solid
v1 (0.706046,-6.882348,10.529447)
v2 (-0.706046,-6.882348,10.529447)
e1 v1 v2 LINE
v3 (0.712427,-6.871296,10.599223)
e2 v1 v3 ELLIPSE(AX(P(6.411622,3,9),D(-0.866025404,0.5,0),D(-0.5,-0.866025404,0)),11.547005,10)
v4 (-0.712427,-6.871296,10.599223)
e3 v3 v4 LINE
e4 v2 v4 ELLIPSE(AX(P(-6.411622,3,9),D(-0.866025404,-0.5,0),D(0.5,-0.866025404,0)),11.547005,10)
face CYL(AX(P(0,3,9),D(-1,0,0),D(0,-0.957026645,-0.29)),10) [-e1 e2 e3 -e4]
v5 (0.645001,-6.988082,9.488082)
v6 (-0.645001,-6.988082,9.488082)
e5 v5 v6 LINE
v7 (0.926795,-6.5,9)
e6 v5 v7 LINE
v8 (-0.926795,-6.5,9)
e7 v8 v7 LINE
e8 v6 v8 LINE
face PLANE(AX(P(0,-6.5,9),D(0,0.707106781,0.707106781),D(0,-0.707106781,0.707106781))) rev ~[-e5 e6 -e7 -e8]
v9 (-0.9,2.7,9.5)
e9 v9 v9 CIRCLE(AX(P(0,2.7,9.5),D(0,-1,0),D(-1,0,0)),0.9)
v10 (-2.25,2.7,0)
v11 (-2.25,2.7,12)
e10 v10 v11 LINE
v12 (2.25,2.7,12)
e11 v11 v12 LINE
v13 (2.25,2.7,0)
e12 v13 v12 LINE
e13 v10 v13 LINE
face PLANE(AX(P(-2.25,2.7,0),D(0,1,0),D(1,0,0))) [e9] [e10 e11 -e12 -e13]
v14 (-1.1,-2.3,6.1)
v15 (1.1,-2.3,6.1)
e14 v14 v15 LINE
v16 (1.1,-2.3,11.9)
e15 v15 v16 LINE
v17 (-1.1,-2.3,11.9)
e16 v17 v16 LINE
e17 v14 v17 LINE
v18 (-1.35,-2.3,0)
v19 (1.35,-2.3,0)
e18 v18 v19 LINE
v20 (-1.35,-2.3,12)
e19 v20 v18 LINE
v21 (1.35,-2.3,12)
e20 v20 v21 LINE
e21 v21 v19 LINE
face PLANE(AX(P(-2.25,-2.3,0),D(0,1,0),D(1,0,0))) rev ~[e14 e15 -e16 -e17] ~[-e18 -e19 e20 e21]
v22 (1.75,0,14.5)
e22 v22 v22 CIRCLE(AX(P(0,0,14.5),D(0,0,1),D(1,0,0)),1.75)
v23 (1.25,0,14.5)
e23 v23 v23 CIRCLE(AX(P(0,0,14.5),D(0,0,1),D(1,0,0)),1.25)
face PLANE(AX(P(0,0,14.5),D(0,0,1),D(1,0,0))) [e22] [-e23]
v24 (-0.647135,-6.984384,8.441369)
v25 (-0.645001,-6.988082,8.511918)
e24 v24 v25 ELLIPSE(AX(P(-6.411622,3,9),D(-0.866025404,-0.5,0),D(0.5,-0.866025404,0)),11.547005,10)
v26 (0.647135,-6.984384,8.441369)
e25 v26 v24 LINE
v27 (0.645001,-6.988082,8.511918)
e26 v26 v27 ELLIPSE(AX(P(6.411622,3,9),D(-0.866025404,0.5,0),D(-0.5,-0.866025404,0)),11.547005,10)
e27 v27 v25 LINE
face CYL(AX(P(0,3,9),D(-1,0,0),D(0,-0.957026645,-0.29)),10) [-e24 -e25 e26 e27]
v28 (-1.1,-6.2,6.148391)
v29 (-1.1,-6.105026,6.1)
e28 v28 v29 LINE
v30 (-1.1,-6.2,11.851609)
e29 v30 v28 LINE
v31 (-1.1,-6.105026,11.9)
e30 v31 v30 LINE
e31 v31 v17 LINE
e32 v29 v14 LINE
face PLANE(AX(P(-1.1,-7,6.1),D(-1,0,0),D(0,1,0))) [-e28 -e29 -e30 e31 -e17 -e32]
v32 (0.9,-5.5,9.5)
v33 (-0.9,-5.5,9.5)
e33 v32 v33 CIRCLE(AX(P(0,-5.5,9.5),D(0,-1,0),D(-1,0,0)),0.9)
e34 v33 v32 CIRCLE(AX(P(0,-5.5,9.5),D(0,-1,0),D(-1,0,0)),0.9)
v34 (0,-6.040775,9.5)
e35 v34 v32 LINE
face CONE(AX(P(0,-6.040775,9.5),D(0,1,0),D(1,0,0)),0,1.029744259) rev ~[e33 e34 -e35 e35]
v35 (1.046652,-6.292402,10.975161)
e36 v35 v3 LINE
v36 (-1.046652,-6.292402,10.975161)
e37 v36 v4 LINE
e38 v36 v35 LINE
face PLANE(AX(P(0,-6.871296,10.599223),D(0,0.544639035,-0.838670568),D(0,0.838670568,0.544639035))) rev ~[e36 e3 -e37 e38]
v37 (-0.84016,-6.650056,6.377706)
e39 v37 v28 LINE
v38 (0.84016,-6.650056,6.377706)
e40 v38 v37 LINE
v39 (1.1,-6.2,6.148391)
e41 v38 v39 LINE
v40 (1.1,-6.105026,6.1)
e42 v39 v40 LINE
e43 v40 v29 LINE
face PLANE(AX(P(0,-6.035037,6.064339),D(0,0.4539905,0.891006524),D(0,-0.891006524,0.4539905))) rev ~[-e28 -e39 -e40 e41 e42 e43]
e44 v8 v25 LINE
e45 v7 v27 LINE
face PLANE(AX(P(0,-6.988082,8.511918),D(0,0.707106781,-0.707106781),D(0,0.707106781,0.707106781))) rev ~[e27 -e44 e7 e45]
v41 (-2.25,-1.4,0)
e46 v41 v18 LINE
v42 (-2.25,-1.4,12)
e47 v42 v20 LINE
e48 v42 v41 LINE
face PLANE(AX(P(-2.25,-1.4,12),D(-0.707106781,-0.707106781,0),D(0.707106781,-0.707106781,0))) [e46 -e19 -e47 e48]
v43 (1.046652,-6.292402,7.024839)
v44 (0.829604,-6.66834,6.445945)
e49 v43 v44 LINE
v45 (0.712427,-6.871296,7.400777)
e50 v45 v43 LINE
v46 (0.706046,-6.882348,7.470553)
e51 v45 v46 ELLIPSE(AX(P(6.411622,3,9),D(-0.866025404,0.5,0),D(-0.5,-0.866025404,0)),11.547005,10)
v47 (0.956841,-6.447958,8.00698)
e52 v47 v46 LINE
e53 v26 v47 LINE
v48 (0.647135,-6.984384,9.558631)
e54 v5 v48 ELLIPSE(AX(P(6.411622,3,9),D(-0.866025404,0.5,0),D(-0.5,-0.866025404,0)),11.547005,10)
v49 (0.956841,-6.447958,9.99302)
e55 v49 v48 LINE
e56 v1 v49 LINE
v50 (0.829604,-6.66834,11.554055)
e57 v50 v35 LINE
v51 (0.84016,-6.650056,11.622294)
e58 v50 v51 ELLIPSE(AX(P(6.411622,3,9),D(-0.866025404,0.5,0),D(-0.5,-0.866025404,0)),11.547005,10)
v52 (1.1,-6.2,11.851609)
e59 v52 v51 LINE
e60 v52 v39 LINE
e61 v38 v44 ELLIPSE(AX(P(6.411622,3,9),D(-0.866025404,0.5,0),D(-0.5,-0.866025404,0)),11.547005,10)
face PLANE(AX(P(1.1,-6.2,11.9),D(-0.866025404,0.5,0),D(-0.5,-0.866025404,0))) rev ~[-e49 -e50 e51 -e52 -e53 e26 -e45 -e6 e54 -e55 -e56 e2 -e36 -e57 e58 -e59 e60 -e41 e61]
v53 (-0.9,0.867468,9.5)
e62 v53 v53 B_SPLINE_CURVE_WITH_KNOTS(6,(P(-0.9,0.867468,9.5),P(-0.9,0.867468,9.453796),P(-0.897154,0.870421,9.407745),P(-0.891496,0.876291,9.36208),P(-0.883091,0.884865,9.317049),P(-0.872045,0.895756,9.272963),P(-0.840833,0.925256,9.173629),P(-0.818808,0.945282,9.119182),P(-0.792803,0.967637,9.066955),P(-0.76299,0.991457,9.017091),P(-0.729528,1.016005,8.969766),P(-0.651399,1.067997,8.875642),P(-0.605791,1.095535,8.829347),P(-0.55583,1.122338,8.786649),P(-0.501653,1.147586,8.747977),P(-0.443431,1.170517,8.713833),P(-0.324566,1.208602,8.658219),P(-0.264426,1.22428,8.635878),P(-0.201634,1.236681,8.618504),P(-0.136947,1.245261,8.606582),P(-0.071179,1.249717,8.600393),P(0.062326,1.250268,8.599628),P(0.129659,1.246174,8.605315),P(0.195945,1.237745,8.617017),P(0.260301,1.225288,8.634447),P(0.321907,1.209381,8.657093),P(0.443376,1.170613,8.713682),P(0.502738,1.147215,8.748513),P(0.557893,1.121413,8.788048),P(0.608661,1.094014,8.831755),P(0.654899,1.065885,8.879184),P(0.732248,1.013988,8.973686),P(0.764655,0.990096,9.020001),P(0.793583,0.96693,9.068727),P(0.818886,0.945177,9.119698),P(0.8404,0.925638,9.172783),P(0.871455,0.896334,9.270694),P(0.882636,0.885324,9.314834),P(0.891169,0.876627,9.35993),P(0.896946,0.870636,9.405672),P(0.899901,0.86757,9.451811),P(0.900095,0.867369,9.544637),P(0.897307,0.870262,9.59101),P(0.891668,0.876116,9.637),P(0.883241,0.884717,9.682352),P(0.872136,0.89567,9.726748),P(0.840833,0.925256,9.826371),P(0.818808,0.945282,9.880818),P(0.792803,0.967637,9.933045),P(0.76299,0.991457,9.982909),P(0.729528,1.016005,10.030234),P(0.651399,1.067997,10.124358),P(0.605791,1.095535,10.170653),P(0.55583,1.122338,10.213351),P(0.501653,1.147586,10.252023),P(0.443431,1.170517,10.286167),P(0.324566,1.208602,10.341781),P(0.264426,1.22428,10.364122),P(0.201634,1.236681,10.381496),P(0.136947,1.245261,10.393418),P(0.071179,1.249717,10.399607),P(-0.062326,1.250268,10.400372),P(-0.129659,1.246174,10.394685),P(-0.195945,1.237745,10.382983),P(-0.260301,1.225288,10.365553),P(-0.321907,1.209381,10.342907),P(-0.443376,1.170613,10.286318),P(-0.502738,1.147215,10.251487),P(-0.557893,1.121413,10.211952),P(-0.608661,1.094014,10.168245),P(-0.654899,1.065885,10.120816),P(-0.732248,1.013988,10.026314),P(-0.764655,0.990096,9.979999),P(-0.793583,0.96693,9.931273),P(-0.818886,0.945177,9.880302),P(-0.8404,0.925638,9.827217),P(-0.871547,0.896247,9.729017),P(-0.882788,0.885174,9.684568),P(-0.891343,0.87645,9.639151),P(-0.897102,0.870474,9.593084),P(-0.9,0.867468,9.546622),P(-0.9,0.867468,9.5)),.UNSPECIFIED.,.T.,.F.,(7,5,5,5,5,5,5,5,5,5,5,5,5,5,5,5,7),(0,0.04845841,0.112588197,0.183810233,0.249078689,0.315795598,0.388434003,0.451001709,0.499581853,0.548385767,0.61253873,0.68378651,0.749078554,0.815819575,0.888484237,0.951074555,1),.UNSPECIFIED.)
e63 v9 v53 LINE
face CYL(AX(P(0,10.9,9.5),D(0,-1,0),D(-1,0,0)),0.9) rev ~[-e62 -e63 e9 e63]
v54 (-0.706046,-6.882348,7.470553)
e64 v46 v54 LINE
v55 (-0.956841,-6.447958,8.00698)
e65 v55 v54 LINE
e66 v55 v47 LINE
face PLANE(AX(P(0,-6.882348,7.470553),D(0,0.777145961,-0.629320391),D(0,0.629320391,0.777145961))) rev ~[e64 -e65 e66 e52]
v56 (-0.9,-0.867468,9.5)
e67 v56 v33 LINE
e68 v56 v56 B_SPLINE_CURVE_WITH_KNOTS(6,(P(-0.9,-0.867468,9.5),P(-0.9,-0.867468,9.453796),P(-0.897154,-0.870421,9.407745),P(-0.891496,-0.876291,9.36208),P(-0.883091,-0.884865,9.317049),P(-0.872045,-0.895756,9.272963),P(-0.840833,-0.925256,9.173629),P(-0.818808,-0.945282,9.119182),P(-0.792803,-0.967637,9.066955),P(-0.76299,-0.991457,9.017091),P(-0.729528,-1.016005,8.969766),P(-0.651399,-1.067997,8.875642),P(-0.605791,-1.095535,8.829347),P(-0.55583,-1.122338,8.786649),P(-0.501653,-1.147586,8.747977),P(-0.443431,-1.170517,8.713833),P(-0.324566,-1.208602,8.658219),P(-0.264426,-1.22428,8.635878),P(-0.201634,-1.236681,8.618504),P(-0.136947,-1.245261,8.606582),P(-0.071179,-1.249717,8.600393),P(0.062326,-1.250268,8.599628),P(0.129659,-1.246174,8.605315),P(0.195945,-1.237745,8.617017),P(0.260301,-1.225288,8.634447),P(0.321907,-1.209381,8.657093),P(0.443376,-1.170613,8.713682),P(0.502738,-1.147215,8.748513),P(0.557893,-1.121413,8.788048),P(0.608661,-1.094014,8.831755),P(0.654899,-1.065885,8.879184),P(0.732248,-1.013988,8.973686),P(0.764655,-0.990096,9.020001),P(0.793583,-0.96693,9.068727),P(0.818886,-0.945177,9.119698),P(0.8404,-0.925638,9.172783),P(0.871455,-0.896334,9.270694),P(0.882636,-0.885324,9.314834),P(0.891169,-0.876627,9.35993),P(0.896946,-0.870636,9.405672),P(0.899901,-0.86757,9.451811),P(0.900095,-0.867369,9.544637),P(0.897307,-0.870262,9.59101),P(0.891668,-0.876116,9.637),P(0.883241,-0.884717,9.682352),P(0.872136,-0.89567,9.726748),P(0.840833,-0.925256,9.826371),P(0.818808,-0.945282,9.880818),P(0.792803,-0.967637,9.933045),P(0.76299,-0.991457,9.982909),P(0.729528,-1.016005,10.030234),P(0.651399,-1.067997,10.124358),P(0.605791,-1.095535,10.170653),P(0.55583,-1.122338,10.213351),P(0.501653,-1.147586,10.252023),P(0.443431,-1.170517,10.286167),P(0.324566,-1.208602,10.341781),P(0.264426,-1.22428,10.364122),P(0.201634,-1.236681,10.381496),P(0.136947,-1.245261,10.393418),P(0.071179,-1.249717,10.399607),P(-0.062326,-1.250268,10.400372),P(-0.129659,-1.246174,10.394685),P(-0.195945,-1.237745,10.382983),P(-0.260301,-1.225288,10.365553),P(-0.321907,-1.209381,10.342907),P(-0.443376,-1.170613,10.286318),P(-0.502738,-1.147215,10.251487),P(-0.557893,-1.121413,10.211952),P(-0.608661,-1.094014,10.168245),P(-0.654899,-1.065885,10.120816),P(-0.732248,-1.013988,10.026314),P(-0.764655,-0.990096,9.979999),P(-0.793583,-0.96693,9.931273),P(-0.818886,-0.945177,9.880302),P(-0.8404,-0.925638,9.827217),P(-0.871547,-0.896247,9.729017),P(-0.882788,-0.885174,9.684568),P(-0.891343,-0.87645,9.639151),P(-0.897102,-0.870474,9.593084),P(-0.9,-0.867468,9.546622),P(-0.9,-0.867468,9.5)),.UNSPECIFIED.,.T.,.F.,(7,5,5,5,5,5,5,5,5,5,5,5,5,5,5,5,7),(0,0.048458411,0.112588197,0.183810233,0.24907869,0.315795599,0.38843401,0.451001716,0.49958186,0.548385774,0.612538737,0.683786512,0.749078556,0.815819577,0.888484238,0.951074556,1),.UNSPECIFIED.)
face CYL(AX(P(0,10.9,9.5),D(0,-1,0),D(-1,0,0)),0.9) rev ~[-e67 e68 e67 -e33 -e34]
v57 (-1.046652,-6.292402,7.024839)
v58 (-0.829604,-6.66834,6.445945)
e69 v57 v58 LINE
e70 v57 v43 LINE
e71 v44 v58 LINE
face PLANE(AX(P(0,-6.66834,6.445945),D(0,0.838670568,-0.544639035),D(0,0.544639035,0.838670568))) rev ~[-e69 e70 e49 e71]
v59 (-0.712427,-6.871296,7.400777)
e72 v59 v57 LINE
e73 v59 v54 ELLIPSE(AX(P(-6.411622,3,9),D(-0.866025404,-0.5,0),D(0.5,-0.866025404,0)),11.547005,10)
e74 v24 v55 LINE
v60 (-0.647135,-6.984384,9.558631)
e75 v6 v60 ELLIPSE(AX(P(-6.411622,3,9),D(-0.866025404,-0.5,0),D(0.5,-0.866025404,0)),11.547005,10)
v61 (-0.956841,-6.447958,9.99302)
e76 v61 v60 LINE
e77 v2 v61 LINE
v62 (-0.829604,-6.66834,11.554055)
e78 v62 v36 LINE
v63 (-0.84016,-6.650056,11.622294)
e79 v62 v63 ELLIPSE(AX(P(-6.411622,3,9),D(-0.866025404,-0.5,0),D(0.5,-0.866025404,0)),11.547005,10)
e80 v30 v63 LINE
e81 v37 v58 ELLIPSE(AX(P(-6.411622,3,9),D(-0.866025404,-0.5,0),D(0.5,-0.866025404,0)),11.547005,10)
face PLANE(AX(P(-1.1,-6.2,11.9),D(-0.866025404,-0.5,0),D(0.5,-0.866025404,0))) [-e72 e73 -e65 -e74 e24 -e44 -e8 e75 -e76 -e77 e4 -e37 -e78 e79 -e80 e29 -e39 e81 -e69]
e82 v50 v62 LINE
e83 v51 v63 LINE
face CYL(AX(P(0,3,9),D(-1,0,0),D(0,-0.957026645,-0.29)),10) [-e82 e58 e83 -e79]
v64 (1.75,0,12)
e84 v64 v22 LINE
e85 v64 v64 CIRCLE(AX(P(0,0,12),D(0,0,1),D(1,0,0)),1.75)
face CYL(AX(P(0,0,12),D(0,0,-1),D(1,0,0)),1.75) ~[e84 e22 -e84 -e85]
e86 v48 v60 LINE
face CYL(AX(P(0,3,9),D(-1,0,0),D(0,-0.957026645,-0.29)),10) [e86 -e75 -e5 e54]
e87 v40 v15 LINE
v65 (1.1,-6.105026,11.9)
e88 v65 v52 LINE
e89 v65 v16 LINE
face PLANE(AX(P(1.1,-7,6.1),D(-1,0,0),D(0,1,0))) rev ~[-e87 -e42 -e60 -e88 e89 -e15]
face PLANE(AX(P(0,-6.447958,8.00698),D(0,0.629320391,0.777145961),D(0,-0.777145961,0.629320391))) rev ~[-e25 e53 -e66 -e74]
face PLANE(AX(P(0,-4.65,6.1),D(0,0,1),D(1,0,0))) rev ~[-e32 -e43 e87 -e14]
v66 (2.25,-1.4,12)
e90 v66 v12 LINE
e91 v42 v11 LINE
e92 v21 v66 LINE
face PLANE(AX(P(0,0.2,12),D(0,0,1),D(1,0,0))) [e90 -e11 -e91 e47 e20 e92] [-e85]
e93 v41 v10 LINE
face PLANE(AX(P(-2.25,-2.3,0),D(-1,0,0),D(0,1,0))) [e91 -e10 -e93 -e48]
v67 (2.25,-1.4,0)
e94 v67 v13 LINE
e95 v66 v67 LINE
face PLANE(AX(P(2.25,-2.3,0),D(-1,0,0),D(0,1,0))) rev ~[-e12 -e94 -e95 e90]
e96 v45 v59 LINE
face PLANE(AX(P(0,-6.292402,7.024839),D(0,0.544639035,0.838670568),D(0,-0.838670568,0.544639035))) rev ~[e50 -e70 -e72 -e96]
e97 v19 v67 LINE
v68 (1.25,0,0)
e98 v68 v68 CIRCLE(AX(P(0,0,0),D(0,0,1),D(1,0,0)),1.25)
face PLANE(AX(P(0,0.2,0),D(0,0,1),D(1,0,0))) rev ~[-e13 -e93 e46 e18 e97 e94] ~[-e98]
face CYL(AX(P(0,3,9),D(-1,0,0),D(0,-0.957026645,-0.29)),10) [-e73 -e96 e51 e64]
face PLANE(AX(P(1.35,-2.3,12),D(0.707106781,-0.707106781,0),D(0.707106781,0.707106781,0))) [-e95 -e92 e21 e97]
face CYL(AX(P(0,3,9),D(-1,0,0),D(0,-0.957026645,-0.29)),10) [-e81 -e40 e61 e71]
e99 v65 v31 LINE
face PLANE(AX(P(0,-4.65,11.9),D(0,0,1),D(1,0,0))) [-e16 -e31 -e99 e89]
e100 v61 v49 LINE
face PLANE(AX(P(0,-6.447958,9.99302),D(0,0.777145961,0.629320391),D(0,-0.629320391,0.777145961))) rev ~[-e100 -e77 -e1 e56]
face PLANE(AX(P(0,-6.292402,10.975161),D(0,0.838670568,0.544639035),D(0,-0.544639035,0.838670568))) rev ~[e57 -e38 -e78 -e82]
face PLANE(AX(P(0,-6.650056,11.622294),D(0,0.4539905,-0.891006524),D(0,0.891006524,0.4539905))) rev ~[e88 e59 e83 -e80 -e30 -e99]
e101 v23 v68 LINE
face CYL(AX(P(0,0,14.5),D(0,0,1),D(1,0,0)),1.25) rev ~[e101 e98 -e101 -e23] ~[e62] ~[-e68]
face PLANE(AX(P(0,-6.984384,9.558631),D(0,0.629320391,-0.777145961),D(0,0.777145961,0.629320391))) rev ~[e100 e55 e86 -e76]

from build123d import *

# Parameters (mm, degrees)
SKETCH1_W                      = 4.5
SKETCH1_H                      = 5
BOSS_EXTRUDE1_DEPTH            = 12
SKETCH4_R                      = 1.75
BOSS_EXTRUDE3_DEPTH            = 2.5
SKETCH5_R                      = 1.25
CUT_EXTRUDE1_DEPTH             = 15.5
SKETCH7_W                      = 2.2
SKETCH7_H                      = 4.7
BOSS_EXTRUDE4_DEPTH            = 5.8
CUT_EXTRUDE2_DEPTH             = 13
CUT_EXTRUDE6_DEPTH             = 12.9
CUT_EXTRUDE3_DEPTH             = 3.25
CUT_EXTRUDE3_DEPTH_BACK        = 3.25
CUT_EXTRUDE4_DEPTH             = 3.25
CIRPATTERN3_COUNT              = 60
F_1_8_1_8_DIAMETER_HOLE1_D     = 1.8
F_1_8_1_8_DIAMETER_HOLE1_DEPTH = 8.2
F_1_8_1_8_DIAMETER_HOLE1_TIP   = 0.540774557


with BuildPart() as part:
    # Sketch1 → Boss-Extrude1 (new body)
    with BuildSketch(Plane.XY):
        with Locations((0, 0.2)):
            Rectangle(SKETCH1_W, SKETCH1_H)
    extrude(amount=BOSS_EXTRUDE1_DEPTH)

    # Sketch4 → Boss-Extrude3 (add)
    with BuildSketch(Plane.XY.offset(12)):
        Circle(SKETCH4_R)
    extrude(amount=BOSS_EXTRUDE3_DEPTH)

    # Sketch5 → Cut-Extrude1 (cut, through all)
    with BuildSketch(Plane.XY.offset(14.5)):
        Circle(SKETCH5_R)
    extrude(amount=-CUT_EXTRUDE1_DEPTH, mode=Mode.SUBTRACT)

    # Sketch7 → Boss-Extrude4 (add)
    with BuildSketch(Plane.XY.offset(6.1)):
        with Locations((0, -4.65)):
            Rectangle(SKETCH7_W, SKETCH7_H)
    extrude(amount=BOSS_EXTRUDE4_DEPTH)

    # Sketch8 → Cut-Extrude2 (cut, through all)
    with BuildSketch(Plane.XY.offset(12)):
        Polygon((1.35, -2.3), (2.25, -1.4), (2.25, -2.3), align=None)
        Polygon((-1.35, -2.3), (-2.25, -2.3), (-2.25, -1.4), align=None)
    extrude(amount=-CUT_EXTRUDE2_DEPTH, mode=Mode.SUBTRACT)

    # Sketch10 → Cut-Extrude6 (cut, through all)
    with BuildSketch(Plane.XY.offset(11.9)):
        Polygon((-0.638119785, -7), (-1.1, -7), (-1.1, -6.2), align=None)
        Polygon((1.1, -7), (1.1, -6.2), (0.638119785, -7), align=None)
    extrude(amount=-CUT_EXTRUDE6_DEPTH, mode=Mode.SUBTRACT)

    # Sketch9 → Cut-Extrude3 (cut, two sides)
    with BuildSketch(Plane(origin=(0, 0, 0), x_dir=(0, 0, -1), z_dir=(1, 0, 0))) as cut_extrude3_sk:
        with BuildLine():
            Line((-11.9, -6.570266454), (-11.9, -8))
            Line((-11.9, -8), (-6.1, -8))
            Line((-6.1, -8), (-6.1, -6.570266454))
            ThreePointArc((-6.1, -6.570266454), (-9, -7), (-11.9, -6.570266454))
        make_face()
    extrude(amount=CUT_EXTRUDE3_DEPTH, mode=Mode.SUBTRACT)
    extrude(cut_extrude3_sk.sketch, amount=-CUT_EXTRUDE3_DEPTH_BACK, mode=Mode.SUBTRACT)

    # Sketch9<3> → Cut-Extrude4 (cut, symmetric)
    with BuildSketch(Plane(origin=(0, 0, 0), x_dir=(0, 0, -1), z_dir=(1, 0, 0))):
        with BuildLine():
            Line((-8.51191829, -6.98808171), (-9, -6.5))
            Line((-9, -6.5), (-9.48808171, -6.98808171))
            ThreePointArc((-9.48808171, -6.98808171), (-9, -7), (-8.51191829, -6.98808171))
        make_face()
    cut_extrude4 = extrude(amount=CUT_EXTRUDE4_DEPTH, both=True, mode=Mode.SUBTRACT)

    # CirPattern3: Cut-Extrude4 ×60 about axis, 6 skipped
    cirpattern3_axis = Axis((0, 3, 9), (1, 0, 0))
    add([cut_extrude4.rotate(cirpattern3_axis, i * 360 / CIRPATTERN3_COUNT) for i in range(1, CIRPATTERN3_COUNT) if i not in (8, 9, 10, 11, 12, 13)], mode=Mode.SUBTRACT)

    # Ø1.8 (1.8) Diameter Hole1
    with Locations(Plane(origin=(0, 2.7, 0), x_dir=(1, 0, 0), z_dir=(0, 1, 0))):
        with Locations((0, -9.5)):
            Hole(F_1_8_1_8_DIAMETER_HOLE1_D / 2, depth=F_1_8_1_8_DIAMETER_HOLE1_DEPTH)
            with Locations((0, 0, -(F_1_8_1_8_DIAMETER_HOLE1_DEPTH + F_1_8_1_8_DIAMETER_HOLE1_TIP / 2))):  # 118° drill point
                Cone(0, F_1_8_1_8_DIAMETER_HOLE1_D / 2, F_1_8_1_8_DIAMETER_HOLE1_TIP, mode=Mode.SUBTRACT)


solid = part.part
